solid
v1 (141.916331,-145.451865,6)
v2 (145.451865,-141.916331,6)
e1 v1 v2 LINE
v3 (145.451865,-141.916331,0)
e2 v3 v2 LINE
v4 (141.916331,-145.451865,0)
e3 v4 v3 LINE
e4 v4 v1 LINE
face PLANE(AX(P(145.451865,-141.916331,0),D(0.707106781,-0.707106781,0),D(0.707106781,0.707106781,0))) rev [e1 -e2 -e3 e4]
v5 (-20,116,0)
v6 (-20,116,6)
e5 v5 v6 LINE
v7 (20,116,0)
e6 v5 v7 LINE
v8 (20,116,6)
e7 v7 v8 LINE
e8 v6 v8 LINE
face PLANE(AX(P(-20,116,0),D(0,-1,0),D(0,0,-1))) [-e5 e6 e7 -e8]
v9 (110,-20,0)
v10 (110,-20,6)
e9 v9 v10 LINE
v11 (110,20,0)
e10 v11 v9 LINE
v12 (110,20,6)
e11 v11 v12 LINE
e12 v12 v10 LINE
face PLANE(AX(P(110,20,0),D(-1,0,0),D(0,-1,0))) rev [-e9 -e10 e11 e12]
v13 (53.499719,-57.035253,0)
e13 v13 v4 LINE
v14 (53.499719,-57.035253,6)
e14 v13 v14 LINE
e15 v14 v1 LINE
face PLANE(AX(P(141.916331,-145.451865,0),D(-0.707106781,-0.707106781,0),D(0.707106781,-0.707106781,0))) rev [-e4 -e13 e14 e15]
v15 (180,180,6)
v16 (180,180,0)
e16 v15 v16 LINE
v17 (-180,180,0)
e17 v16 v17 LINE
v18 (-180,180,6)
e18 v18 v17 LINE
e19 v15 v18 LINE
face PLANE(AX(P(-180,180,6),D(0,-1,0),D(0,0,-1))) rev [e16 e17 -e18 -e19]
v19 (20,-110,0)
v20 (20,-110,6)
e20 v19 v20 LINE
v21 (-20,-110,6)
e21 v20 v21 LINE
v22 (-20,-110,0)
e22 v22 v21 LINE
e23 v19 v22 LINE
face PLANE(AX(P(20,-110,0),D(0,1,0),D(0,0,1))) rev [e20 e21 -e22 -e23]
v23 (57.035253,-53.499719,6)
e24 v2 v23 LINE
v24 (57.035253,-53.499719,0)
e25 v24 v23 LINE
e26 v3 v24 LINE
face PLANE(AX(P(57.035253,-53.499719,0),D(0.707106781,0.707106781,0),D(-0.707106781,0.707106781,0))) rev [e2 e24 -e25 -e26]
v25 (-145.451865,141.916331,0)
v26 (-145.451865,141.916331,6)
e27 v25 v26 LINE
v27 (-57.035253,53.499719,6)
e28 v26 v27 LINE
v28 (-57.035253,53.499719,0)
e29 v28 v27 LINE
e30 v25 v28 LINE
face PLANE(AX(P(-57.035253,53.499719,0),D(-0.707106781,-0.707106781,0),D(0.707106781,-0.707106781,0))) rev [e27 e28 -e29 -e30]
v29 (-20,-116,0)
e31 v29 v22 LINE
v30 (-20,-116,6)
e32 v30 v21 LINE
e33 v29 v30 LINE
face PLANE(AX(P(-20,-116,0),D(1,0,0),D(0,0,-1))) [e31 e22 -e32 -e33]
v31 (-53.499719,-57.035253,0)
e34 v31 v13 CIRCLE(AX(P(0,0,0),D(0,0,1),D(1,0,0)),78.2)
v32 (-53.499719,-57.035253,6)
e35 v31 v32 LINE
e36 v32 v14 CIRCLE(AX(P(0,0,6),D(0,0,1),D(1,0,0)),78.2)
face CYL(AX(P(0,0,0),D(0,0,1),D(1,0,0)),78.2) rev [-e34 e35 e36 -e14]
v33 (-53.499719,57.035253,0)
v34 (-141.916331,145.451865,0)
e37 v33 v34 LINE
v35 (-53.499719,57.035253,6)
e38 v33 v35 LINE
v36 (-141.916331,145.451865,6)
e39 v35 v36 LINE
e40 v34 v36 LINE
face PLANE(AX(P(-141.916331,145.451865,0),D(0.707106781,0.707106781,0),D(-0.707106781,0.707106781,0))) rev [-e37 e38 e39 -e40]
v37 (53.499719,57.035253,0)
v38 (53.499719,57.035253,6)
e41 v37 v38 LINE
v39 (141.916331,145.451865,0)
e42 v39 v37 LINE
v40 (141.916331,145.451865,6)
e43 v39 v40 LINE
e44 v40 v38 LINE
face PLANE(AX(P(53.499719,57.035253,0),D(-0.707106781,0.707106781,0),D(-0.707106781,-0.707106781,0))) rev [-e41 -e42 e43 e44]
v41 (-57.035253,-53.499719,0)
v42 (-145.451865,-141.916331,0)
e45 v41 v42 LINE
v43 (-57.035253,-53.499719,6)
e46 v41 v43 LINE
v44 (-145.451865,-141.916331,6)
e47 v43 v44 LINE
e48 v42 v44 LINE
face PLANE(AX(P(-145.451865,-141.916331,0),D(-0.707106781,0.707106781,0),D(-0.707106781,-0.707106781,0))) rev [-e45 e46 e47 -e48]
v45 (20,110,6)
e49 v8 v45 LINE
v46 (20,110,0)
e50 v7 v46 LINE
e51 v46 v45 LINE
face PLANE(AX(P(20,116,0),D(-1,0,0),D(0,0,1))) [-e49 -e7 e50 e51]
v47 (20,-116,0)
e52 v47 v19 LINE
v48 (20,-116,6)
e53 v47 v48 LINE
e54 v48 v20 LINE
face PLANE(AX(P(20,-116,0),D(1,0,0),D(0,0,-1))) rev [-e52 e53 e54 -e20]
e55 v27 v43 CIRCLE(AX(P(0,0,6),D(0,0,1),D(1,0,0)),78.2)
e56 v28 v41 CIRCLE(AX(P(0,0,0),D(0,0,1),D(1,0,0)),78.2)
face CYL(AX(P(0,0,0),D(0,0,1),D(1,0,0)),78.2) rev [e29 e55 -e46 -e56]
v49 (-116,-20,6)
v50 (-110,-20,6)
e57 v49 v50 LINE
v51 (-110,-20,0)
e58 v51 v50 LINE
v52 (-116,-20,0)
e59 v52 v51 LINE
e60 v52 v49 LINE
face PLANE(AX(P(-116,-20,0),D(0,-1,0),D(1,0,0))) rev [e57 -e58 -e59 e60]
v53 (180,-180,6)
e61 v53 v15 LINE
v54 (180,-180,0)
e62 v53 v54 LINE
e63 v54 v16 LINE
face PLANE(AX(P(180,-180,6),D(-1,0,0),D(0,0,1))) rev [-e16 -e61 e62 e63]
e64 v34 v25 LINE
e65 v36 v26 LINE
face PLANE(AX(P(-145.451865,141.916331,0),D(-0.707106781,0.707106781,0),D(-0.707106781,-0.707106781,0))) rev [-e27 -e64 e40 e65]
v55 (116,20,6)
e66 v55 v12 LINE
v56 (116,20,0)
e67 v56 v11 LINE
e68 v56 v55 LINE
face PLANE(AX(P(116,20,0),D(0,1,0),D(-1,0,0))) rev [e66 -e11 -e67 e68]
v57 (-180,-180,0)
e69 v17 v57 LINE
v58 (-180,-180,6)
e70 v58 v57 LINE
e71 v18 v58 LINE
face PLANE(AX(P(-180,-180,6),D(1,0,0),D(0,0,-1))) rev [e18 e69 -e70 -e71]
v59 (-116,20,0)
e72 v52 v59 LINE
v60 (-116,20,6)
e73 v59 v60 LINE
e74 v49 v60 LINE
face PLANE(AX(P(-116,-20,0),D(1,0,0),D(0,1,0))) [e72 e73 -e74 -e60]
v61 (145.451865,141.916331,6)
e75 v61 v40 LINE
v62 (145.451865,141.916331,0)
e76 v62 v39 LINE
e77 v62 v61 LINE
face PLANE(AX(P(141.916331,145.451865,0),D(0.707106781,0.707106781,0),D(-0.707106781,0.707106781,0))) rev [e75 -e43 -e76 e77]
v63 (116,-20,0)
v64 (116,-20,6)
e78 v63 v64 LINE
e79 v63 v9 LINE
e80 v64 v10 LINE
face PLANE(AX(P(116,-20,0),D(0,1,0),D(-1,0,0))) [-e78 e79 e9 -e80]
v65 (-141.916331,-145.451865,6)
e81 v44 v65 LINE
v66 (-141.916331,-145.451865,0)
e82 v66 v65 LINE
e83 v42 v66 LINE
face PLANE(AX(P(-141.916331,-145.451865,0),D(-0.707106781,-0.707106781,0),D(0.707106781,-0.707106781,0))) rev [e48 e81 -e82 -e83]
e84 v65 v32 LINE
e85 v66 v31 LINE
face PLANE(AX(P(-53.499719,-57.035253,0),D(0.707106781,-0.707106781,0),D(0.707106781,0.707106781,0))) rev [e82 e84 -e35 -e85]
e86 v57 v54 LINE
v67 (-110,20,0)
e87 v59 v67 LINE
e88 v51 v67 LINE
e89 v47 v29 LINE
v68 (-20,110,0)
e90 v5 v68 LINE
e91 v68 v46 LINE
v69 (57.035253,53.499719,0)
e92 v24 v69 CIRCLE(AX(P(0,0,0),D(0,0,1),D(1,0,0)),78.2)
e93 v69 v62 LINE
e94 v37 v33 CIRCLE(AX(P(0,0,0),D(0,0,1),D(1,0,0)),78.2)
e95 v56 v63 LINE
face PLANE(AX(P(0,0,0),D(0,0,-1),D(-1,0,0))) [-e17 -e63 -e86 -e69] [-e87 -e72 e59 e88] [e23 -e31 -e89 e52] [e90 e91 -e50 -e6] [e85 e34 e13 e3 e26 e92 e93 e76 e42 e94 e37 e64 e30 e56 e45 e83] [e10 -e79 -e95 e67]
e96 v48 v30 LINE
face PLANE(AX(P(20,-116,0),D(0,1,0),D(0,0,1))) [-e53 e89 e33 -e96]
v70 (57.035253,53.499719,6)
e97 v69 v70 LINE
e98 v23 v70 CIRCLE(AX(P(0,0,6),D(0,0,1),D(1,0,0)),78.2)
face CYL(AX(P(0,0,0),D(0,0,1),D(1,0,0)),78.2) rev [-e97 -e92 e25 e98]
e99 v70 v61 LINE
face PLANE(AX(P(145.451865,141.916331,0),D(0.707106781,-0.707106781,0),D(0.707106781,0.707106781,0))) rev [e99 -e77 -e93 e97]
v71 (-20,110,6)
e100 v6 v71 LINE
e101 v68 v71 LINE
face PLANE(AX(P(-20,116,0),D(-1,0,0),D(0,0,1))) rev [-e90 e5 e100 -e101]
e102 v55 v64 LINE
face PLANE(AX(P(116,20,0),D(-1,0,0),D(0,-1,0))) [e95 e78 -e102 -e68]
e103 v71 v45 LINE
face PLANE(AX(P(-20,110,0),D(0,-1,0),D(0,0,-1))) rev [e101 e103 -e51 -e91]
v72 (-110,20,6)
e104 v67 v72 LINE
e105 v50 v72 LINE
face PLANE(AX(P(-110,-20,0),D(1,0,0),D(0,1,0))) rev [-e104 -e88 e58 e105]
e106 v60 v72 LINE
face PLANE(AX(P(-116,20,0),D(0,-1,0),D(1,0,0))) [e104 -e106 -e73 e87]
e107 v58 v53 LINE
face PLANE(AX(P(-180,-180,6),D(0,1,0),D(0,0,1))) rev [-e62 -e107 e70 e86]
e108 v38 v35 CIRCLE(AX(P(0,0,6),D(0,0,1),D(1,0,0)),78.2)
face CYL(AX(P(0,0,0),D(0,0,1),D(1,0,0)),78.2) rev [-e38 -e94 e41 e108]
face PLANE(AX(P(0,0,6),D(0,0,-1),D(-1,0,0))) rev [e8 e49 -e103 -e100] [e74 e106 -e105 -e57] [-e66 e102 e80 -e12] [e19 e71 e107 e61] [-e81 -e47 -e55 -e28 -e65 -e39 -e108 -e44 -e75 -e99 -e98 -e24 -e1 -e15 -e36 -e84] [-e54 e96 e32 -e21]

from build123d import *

# Parameters (mm, degrees)
SKETCH1_W           = 360
SKETCH1_H           = 360
BOSS_EXTRUDE1_DEPTH = 6
SKETCH2_R           = 78.2
CUT_EXTRUDE1_DEPTH  = 255.629142087
CUT_EXTRUDE2_DEPTH  = 255.629142087
CIRPATTERN1_COUNT   = 4
SKETCH4_W           = 40
SKETCH4_H           = 6
CUT_EXTRUDE3_DEPTH  = 255.629142087
CIRPATTERN2_COUNT   = 4


with BuildPart() as part:
    # Sketch1 → Boss-Extrude1 (new body)
    with BuildSketch(Plane.XY):
        Rectangle(SKETCH1_W, SKETCH1_H)
    extrude(amount=BOSS_EXTRUDE1_DEPTH)

    # Sketch2 → Cut-Extrude1 (cut, through all)
    with BuildSketch(Plane.XY.offset(6)):
        Circle(SKETCH2_R)
    extrude(amount=-CUT_EXTRUDE1_DEPTH, mode=Mode.SUBTRACT)

    # Sketch3 → Cut-Extrude2 (cut, through all)
    with BuildSketch(Plane.XY.offset(6)):
        with BuildLine():
            Line((-57.035252874, 53.499718968), (-145.45186489, 141.916330984))
            Line((-145.45186489, 141.916330984), (-141.916330984, 145.45186489))
            Line((-141.916330984, 145.45186489), (-53.499718968, 57.035252874))
            ThreePointArc((-53.499718968, 57.035252874), (-55.295750289, 55.295750289), (-57.035252874, 53.499718968))
        make_face()
    cut_extrude2 = extrude(amount=-CUT_EXTRUDE2_DEPTH, mode=Mode.SUBTRACT)

    # CirPattern1: Cut-Extrude2 ×4 about axis
    cirpattern1_axis = Axis((0, 0, -0.3), (0, 0, 1))
    for i in range(1, CIRPATTERN1_COUNT):
        add(cut_extrude2.rotate(cirpattern1_axis, i * 360 / CIRPATTERN1_COUNT), mode=Mode.SUBTRACT)

    # Sketch4 → Cut-Extrude3 (cut, through all)
    with BuildSketch(Plane.XY.offset(6)):
        with Locations((0, 113)):
            Rectangle(SKETCH4_W, SKETCH4_H)
    cut_extrude3 = extrude(amount=-CUT_EXTRUDE3_DEPTH, mode=Mode.SUBTRACT)

    # CirPattern2: Cut-Extrude3 ×4 about axis
    cirpattern2_axis = Axis((0, 0, -0.3), (0, 0, 1))
    for i in range(1, CIRPATTERN2_COUNT):
        add(cut_extrude3.rotate(cirpattern2_axis, i * 360 / CIRPATTERN2_COUNT), mode=Mode.SUBTRACT)


solid = part.part
